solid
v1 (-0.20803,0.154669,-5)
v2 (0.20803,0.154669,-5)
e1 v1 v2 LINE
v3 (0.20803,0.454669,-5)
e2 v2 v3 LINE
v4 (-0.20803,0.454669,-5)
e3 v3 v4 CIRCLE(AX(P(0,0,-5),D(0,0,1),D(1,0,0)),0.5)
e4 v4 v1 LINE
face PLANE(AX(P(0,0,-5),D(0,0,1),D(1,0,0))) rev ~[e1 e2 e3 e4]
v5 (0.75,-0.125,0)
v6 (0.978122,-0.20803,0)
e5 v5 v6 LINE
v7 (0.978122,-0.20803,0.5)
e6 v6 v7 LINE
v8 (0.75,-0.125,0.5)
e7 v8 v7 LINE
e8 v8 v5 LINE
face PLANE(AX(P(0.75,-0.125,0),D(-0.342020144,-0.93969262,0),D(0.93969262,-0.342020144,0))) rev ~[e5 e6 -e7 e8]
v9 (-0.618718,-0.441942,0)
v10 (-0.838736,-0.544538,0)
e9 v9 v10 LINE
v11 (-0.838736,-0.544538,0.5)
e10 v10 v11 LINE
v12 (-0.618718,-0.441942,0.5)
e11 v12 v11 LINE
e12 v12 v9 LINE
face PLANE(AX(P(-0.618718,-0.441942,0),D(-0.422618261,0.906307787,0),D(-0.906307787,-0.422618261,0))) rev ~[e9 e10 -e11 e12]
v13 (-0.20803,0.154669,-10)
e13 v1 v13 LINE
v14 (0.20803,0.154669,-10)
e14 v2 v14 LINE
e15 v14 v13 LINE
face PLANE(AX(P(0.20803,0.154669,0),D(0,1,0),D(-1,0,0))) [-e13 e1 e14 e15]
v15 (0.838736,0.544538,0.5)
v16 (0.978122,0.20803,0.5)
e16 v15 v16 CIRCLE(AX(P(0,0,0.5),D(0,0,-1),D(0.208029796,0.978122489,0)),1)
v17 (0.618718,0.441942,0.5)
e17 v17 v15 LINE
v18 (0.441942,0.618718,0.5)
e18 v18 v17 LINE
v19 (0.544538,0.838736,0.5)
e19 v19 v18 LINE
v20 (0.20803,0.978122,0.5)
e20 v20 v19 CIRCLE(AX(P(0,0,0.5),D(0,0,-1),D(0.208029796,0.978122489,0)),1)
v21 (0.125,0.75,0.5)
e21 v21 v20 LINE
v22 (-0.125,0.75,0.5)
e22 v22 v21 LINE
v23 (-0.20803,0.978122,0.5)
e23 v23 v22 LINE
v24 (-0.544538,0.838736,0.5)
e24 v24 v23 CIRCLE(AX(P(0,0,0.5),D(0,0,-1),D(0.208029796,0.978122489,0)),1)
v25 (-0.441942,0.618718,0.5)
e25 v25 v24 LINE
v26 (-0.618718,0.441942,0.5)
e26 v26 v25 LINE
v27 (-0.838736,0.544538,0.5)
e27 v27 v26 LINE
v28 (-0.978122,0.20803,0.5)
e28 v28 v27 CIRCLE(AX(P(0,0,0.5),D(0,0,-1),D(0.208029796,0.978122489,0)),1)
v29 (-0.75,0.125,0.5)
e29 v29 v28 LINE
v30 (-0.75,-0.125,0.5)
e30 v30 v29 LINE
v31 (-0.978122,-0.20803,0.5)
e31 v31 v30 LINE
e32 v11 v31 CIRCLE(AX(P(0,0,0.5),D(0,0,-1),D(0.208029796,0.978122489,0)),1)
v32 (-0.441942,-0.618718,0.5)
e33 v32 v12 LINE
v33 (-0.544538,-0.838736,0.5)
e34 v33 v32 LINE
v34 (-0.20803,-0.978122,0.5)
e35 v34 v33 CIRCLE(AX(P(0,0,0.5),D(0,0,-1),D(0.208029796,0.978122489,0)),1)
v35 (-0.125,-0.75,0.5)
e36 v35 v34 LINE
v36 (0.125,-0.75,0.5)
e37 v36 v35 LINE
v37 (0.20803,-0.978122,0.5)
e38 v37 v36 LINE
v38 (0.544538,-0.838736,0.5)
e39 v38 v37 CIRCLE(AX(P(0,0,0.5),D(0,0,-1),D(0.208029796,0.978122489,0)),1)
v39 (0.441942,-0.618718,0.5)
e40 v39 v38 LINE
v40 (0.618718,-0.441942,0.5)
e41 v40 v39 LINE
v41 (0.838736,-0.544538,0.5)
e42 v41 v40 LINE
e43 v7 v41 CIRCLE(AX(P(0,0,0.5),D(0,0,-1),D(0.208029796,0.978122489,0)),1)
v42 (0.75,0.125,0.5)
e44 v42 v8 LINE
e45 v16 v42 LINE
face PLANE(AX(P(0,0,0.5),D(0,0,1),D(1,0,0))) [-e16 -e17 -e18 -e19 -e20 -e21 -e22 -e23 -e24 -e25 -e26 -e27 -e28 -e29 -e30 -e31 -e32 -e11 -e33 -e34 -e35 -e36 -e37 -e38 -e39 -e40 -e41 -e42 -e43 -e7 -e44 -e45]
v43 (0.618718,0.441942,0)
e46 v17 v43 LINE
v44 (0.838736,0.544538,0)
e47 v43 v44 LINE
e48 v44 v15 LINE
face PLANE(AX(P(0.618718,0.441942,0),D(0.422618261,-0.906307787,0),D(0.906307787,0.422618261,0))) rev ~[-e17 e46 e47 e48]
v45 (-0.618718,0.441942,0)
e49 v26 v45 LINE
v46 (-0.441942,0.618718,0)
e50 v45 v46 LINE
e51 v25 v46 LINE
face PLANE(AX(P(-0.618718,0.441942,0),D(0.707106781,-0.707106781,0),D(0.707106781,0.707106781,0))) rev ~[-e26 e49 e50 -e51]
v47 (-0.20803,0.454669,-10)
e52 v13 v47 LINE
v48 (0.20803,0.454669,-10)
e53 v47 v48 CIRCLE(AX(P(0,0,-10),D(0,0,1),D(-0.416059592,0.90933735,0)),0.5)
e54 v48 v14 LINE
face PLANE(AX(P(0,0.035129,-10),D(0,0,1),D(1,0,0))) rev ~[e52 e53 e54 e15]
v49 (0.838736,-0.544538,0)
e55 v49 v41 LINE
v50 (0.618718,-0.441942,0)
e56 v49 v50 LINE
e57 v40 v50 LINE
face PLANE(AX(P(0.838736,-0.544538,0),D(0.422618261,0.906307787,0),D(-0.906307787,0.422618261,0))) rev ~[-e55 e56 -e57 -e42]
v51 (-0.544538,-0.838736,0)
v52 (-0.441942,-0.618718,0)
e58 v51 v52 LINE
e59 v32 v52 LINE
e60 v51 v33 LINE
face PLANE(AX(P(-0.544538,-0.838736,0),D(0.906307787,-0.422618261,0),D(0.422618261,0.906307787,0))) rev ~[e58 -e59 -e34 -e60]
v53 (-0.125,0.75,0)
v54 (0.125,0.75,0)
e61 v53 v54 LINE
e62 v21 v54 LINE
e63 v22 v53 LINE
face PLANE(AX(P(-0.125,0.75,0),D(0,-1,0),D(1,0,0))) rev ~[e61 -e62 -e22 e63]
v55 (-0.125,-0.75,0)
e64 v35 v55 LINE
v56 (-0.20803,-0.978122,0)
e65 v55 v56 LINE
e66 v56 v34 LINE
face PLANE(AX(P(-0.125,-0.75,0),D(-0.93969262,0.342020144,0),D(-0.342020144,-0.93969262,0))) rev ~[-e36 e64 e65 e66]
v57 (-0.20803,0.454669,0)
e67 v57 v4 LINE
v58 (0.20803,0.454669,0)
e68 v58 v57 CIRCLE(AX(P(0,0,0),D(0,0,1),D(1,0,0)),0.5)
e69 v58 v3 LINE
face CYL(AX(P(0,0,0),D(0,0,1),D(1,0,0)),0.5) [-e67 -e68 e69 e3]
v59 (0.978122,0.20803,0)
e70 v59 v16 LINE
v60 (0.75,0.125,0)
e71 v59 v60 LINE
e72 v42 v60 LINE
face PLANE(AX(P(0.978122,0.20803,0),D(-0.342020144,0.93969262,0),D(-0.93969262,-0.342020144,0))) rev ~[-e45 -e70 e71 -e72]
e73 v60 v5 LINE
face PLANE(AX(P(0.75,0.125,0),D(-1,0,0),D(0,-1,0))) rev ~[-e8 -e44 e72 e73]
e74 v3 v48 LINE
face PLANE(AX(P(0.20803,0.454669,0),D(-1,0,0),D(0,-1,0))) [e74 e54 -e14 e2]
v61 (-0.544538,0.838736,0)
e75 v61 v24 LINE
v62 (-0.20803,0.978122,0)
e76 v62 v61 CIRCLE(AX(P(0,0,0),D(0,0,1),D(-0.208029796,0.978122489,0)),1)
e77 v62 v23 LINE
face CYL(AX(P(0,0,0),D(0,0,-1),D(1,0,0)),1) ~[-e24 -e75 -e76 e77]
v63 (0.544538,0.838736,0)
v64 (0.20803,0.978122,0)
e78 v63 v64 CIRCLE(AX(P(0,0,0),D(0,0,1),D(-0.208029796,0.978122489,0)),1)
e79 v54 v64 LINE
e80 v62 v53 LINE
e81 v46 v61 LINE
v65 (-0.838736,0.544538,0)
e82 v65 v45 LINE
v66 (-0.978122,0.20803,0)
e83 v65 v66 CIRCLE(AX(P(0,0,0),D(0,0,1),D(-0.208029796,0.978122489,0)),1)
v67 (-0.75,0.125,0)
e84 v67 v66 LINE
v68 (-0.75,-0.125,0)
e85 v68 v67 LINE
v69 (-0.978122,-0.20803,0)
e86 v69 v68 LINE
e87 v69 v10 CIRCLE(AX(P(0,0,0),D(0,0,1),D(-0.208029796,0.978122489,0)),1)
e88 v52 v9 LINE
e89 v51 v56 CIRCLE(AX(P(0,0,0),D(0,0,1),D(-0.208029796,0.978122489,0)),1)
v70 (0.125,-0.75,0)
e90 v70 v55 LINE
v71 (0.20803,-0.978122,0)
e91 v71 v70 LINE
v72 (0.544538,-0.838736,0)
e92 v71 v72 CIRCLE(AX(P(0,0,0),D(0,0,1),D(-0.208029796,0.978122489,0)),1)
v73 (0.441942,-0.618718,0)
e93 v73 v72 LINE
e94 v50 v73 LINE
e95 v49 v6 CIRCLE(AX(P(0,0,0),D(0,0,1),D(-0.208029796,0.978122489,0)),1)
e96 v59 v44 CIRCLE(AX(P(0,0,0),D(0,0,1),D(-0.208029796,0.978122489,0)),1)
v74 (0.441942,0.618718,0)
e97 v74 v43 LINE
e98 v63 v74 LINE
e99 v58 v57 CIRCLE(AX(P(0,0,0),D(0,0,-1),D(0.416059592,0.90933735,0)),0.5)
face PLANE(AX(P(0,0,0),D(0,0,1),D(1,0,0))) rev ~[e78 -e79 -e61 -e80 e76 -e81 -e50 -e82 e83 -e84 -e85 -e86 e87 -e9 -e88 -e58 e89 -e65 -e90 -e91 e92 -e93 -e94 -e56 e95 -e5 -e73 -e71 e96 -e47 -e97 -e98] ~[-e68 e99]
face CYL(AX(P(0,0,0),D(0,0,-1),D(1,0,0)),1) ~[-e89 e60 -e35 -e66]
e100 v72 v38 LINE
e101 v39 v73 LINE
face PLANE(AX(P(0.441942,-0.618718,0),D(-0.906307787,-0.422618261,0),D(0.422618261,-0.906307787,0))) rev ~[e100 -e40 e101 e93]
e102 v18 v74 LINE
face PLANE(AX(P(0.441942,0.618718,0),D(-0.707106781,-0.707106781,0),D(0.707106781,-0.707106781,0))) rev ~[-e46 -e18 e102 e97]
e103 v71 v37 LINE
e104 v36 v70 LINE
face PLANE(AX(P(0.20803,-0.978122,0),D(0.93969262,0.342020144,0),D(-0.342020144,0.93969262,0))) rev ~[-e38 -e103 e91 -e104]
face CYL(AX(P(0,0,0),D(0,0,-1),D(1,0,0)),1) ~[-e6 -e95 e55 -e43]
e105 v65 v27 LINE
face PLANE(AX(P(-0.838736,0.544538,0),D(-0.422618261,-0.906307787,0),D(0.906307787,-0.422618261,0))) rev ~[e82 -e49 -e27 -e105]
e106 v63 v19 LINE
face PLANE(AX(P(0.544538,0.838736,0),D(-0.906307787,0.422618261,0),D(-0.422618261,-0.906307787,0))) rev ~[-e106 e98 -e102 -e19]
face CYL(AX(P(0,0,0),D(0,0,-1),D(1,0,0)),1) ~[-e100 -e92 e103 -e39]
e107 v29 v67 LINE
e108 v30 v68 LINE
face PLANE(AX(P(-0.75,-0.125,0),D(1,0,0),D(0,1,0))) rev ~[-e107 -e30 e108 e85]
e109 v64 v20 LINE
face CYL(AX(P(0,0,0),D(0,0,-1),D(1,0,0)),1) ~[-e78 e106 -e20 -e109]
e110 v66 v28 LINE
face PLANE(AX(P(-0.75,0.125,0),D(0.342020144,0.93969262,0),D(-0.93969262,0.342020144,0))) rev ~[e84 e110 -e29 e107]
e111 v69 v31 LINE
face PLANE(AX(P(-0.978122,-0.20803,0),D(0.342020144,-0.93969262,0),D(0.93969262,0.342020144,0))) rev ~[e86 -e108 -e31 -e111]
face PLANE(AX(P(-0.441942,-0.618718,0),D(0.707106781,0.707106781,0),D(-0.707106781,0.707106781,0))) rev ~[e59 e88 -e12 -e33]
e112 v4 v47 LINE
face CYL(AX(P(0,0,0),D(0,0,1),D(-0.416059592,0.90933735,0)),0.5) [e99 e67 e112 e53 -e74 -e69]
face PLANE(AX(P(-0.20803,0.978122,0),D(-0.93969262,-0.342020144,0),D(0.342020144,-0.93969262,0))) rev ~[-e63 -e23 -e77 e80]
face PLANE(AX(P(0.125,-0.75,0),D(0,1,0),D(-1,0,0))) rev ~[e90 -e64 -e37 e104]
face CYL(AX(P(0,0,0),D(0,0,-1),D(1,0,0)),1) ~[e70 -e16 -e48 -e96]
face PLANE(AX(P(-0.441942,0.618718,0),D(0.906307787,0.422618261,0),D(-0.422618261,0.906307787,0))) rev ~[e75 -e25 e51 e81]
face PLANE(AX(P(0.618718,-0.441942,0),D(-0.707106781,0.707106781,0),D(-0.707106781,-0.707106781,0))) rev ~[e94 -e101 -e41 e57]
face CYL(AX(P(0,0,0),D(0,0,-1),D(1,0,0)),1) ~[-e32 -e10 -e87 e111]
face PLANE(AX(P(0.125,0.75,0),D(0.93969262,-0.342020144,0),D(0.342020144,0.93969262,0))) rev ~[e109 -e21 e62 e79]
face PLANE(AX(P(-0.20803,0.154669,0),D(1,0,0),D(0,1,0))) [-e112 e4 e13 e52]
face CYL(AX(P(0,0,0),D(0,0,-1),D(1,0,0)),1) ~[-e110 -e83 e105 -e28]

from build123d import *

# Parameters (mm, degrees)
SKETCH1_R              = 1
BASE_DEPTH             = 0.5
CUT_EXTRUDE6_DEPTH     = 2.5
CIRPATTERN1_COUNT      = 8
WHOLE_CONNECTION_DEPTH = 10
SKETCH1_6_R            = 0.5
ON_BEARING_DEPTH       = 5


with BuildPart() as part:
    # Sketch1 → Base (new body)
    with BuildSketch(Plane.XY):
        Circle(SKETCH1_R)
    extrude(amount=BASE_DEPTH)

    # Sketch1<3> → Cut-Extrude6 (cut, symmetric)
    with BuildSketch(Plane.XY):
        with BuildLine():
            Line((0.125, 0.75), (0.208029796, 0.978122489))
            ThreePointArc((0.208029796, 0.978122489), (0, 1), (-0.208029796, 0.978122489))
            Line((-0.208029796, 0.978122489), (-0.125, 0.75))
            Line((-0.125, 0.75), (0, 0.75))
            Line((0, 0.75), (0.125, 0.75))
        make_face()
    cut_extrude6 = extrude(amount=CUT_EXTRUDE6_DEPTH, both=True, mode=Mode.SUBTRACT)

    # CirPattern1: Cut-Extrude6 ×8 about axis
    cirpattern1_axis = Axis((0, 0, 0.5), (0, 0, -1))
    for i in range(1, CIRPATTERN1_COUNT):
        add(cut_extrude6.rotate(cirpattern1_axis, i * 360 / CIRPATTERN1_COUNT), mode=Mode.SUBTRACT)

    # Sketch1<5> → Whole-connection (add)
    with BuildSketch(Plane.XY):
        with BuildLine():
            Line((0.208029796, 0.454668675), (0.208029796, 0.154668675))
            Line((0.208029796, 0.154668675), (-0.208029796, 0.154668675))
            Line((-0.208029796, 0.154668675), (-0.208029796, 0.454668675))
            ThreePointArc((-0.208029796, 0.454668675), (0, -0.5), (0.208029796, 0.454668675))
        make_face()
    extrude(amount=-WHOLE_CONNECTION_DEPTH)

    # Sketch1<6> → On-bearing (add)
    with BuildSketch(Plane.XY):
        Circle(SKETCH1_6_R)
    extrude(amount=-ON_BEARING_DEPTH)


solid = part.part
